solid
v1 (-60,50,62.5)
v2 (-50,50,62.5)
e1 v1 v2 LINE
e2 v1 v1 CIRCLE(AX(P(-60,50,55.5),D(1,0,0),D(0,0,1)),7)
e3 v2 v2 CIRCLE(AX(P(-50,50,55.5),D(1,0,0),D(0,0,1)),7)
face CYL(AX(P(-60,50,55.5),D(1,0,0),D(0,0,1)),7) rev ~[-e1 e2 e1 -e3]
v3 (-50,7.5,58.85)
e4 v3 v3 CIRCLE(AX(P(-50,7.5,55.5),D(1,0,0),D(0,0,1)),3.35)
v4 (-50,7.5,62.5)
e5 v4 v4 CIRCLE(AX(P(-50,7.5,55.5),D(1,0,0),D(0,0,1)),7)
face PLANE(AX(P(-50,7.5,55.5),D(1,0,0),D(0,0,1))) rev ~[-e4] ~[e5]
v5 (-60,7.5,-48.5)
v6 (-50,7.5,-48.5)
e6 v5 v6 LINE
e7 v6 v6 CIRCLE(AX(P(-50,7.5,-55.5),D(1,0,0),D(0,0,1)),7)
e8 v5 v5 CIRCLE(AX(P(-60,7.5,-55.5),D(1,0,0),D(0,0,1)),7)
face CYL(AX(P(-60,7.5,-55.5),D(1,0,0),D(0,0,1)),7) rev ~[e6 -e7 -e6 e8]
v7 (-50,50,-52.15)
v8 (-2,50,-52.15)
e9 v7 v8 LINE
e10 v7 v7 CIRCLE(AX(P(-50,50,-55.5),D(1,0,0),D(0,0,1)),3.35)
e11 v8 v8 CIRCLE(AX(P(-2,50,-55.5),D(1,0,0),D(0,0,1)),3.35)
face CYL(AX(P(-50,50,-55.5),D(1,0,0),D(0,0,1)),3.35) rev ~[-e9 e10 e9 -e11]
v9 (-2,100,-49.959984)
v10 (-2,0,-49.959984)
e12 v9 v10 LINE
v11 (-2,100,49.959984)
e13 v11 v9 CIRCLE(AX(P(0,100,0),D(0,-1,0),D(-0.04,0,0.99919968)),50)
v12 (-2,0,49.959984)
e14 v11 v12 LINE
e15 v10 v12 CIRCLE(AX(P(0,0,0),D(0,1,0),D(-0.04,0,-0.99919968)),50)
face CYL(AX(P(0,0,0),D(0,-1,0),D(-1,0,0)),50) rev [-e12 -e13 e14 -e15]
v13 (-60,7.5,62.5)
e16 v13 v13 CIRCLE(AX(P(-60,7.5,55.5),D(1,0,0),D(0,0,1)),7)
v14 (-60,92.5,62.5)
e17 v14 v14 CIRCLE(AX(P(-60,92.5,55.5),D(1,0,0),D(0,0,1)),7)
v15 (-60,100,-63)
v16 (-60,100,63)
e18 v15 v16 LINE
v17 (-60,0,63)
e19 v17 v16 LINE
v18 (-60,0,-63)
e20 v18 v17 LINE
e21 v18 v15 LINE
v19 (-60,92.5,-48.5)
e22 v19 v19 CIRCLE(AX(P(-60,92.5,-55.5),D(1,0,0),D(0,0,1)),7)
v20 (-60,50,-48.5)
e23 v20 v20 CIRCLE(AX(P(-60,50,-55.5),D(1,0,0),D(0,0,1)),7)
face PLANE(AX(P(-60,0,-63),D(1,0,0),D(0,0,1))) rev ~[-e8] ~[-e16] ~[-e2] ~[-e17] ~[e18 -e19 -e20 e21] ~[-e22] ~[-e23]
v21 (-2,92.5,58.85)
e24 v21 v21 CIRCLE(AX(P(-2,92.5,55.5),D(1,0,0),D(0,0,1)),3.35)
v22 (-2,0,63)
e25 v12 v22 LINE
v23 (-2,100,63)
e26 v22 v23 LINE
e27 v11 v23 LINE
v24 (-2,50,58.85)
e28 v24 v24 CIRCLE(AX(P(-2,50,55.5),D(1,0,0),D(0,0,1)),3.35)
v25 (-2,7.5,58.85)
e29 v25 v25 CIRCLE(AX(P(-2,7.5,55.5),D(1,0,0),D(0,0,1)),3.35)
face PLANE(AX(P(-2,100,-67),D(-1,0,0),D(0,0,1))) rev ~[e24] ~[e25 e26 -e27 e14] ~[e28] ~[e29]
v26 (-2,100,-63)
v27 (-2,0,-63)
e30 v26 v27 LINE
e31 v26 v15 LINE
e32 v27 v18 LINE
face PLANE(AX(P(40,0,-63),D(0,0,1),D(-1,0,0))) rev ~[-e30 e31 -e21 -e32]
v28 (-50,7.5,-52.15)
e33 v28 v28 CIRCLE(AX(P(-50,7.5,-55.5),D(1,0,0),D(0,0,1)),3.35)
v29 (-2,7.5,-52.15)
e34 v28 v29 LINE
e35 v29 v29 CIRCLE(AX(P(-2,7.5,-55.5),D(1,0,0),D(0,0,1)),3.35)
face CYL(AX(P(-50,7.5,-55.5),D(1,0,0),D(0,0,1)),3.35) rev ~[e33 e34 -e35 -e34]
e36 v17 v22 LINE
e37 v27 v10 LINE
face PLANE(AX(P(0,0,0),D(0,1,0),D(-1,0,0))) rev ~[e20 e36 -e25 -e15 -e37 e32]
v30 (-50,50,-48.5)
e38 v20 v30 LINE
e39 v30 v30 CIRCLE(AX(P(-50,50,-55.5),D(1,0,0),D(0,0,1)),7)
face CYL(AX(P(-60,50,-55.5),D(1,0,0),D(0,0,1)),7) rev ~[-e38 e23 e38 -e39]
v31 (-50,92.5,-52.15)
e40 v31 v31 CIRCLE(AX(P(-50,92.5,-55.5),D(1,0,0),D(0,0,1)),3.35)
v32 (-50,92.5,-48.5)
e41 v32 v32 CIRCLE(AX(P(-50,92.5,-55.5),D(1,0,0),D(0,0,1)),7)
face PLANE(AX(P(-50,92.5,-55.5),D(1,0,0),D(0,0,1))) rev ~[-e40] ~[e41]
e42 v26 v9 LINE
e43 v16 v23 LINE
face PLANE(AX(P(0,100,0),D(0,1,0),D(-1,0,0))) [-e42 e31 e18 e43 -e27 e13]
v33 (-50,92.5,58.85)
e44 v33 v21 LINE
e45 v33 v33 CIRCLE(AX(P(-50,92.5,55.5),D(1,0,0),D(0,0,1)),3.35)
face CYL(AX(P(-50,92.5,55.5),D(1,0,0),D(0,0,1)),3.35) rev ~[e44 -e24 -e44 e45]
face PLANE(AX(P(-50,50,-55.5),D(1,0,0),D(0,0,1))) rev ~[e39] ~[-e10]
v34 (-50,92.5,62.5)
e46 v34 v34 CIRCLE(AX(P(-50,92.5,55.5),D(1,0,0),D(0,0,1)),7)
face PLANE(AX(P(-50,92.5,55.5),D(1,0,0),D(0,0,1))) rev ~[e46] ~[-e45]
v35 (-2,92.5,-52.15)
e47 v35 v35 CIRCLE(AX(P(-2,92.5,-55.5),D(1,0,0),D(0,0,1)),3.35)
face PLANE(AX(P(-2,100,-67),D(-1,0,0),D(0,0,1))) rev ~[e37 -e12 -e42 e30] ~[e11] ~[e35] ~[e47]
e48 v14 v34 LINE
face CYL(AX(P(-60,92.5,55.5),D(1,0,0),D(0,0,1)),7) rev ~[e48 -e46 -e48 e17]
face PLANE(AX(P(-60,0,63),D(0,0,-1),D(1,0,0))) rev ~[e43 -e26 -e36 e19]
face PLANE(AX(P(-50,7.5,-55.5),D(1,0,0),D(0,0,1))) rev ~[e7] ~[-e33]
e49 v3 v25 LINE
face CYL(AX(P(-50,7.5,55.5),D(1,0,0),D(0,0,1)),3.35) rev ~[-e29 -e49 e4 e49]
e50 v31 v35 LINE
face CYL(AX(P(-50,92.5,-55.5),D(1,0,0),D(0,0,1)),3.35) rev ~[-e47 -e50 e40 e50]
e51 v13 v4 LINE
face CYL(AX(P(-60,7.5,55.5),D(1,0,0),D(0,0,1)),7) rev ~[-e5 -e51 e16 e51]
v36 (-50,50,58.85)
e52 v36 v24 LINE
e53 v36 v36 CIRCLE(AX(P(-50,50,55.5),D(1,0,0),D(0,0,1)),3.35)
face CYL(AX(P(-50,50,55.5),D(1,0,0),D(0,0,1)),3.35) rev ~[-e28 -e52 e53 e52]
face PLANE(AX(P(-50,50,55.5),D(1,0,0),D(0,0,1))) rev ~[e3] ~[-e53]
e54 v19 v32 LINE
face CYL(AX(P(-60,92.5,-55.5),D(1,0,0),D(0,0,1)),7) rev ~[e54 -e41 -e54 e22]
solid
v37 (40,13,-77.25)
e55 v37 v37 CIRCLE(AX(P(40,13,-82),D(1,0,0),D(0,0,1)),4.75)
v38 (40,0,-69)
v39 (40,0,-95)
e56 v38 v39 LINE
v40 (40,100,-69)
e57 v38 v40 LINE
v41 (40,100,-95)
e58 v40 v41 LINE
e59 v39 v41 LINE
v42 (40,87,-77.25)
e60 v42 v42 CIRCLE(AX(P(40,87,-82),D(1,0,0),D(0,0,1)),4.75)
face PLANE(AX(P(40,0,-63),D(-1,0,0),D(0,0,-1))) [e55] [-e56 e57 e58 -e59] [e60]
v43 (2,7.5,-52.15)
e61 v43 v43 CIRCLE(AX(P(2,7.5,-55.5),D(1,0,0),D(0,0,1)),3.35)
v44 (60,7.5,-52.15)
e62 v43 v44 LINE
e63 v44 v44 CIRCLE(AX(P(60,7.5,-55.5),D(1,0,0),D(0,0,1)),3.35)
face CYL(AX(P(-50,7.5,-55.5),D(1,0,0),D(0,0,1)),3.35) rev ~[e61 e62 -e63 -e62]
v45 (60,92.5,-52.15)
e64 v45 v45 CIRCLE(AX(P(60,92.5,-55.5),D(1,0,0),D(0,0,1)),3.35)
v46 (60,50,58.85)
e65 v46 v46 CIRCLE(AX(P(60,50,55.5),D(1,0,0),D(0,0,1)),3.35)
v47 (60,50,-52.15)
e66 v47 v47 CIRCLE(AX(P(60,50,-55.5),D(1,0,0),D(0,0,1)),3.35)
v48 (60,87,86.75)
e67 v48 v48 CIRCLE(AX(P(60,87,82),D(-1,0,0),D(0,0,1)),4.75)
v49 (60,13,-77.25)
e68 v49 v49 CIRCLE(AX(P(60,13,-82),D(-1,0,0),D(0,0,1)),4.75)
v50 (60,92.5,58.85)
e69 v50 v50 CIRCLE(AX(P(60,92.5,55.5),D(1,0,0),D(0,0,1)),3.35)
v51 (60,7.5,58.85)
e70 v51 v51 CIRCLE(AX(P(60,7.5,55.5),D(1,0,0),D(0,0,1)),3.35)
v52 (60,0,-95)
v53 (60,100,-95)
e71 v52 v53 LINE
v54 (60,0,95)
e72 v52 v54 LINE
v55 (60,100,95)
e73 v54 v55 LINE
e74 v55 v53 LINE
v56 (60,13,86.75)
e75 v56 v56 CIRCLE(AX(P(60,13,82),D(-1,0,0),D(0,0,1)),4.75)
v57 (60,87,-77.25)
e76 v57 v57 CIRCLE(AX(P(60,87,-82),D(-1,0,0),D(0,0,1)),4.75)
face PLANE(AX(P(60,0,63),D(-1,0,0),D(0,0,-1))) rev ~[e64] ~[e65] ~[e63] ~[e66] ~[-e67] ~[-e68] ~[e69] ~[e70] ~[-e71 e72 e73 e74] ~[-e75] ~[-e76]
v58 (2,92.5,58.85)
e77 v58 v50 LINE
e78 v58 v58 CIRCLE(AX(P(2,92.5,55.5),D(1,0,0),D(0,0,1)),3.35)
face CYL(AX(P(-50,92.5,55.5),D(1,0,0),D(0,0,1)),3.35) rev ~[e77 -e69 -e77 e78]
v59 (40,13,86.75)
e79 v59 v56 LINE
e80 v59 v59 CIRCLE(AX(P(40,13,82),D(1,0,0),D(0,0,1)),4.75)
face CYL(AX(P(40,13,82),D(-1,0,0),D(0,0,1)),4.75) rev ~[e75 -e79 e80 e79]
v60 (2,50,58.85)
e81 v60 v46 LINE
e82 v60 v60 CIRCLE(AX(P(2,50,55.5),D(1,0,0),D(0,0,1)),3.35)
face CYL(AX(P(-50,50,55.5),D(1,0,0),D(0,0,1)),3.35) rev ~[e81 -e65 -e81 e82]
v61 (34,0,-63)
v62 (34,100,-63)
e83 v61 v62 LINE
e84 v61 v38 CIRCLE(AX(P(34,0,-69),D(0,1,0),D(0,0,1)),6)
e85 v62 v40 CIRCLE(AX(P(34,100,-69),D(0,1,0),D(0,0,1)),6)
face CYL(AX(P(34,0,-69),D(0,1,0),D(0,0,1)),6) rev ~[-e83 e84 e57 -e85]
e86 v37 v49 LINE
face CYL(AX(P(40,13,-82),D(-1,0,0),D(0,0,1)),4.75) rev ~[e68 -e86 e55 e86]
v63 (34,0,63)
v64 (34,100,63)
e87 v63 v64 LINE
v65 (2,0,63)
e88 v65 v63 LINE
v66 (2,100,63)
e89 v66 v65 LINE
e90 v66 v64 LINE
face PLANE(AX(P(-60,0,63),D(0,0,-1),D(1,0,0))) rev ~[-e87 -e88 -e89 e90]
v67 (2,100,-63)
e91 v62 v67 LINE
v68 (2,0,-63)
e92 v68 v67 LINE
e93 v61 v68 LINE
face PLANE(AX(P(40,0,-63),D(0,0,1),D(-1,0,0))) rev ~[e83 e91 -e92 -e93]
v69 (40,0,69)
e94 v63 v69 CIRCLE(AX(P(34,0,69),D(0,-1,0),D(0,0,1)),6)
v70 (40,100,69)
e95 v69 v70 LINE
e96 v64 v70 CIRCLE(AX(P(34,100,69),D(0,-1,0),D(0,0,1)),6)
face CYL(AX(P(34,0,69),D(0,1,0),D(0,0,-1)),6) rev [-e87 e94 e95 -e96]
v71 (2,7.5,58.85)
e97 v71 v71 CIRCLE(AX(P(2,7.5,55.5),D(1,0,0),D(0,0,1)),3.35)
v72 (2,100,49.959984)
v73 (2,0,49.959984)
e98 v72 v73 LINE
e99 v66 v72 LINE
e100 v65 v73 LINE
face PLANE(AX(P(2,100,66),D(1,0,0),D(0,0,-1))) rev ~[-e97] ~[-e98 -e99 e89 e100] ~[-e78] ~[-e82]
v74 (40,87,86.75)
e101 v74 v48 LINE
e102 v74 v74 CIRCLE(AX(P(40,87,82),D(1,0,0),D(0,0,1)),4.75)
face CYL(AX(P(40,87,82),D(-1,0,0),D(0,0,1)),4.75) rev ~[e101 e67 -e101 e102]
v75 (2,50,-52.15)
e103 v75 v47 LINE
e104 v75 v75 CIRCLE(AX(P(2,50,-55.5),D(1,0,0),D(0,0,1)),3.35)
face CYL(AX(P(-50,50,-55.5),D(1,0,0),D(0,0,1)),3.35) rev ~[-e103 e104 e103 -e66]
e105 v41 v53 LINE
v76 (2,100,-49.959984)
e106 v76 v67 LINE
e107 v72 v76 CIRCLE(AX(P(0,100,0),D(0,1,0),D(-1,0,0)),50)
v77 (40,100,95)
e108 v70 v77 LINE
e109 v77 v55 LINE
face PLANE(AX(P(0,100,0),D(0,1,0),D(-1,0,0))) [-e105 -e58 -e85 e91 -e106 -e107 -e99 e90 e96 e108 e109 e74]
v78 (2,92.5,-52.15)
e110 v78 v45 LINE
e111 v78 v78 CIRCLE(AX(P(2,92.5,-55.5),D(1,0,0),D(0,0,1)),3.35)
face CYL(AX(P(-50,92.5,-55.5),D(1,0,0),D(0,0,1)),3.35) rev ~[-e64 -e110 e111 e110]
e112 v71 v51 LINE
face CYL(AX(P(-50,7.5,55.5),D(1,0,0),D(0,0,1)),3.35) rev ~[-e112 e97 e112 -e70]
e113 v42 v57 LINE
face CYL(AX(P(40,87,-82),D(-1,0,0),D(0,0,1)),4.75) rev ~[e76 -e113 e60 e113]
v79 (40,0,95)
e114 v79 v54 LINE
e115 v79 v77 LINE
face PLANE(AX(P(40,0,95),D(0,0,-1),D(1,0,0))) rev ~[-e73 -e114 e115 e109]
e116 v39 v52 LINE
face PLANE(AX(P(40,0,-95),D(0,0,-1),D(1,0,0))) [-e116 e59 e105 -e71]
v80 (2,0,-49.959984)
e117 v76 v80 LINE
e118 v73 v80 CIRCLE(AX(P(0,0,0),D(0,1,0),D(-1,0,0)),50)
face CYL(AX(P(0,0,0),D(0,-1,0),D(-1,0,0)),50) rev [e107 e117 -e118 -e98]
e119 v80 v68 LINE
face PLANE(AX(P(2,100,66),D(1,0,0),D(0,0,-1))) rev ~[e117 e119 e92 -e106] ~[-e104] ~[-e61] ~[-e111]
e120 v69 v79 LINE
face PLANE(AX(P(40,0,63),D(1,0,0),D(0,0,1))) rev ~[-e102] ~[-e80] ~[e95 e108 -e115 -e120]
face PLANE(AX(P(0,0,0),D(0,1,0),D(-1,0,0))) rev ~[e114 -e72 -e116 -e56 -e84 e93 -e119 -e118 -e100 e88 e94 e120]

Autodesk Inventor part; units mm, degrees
ref_plane "YZ Plane" through (0, 0, 0) normal (1, 0, 0) x (0, 1, 0)
ref_plane "XZ Plane" through (0, 0, 0) normal (0, 1, 0) x (-1, 0, 0)
ref_plane "XY Plane" through (0, 0, 0) normal (0, 0, 1) x (1, 0, 0)
sketch "Эскиз1" plane through (0, 0, 0) normal (0, 1, 0) x (-1, 0, 0)
  circle A0 centre (0, 0) radius 50
  line L0 (60, 63) -> (-60, 63)
  line L1 (-60, 63) -> (-60, -63)
  line L2 (-60, -63) -> (60, -63)
  line L3 (60, -63) -> (60, 63)
  line L4 (-60, -63) -> (-40, -63)
  line L5 (-40, -63) -> (-40, -95)
  line L6 (-40, -95) -> (-60, -95)
  line L7 (-60, -95) -> (-60, -63)
  line L8 (-60, 63) -> (-40, 63)
  line L9 (-40, 63) -> (-40, 95)
  line L10 (-40, 95) -> (-60, 95)
  line L11 (-60, 95) -> (-60, 63)
  point P0 (-40, 63)
  dimension "d0" = 100
  dimension "d1" = 32
  dimension "d2" = 32
  dimension "d3" = 20
  dimension "d4" = 20
  dimension "d5" = 120
  dimension "d6" = 126
  dimension "d7" = 63
  dimension "d8" = 63
extrude "Выдавливание1" add sketch "Эскиз1" along normal blind 100
sketch "Эскиз2" plane through (0, 100, 0) normal (0, 1, 0) x (1, 0, 0)
  point P0 (0, 0)
fillet "Сопряжение1" radius 6 2 edges at (40, 50, 63) (40, 50, -63)
sketch "Эскиз3" plane through (40, 0, 95) normal (-1, 0, 0) x (0, 0, 1)
  line L0 (-164, 100) -> (-164, 0) projected
  line L1 (-190, 100) -> (-164, 100) projected
  line L2 (-190, 0) -> (-190, 100) projected
  line L3 (-190, 0) -> (-164, 0) projected
  line L4 (-26, 0) -> (-26, 100) projected
  line L5 (-26, 0) -> (0, 0) projected
  line L6 (0, 0) -> (0, 100) projected
  line L7 (-26, 100) -> (0, 100) projected
  line L8 (-177, 87) -> (-177, 87)
  line L9 (-177, 87) -> (-177, 13)
  line L10 (-177, 13) -> (-177, 13)
  line L11 (-177, 13) -> (-177, 87)
  line L12 (-13, 87) -> (-13, 13)
  line L13 (-13, 13) -> (-13, 13)
  line L14 (-13, 13) -> (-13, 87)
  line L15 (-13, 87) -> (-13, 87)
  circle A0 centre (-13, 87) radius 4.75
  circle A1 centre (-13, 13) radius 4.75
  circle A2 centre (-177, 87) radius 4.75
  circle A3 centre (-177, 13) radius 4.75
  point P0 (-95, 0)
  dimension "d12" = 13
  dimension "d13" = 13
extrude "Выдавливание2" cut sketch "Эскиз3" against normal blind 25 contours A3 | A2 | A1 | A0
sketch "Эскиз4" plane through (-60, 0, -63) normal (-1, 0, 0) x (0, 0, 1)
  line L0 (0, 0) -> (126, 0) projected
  line L1 (126, 0) -> (126, 100) projected
  line L2 (0, 100) -> (126, 100) projected
  line L3 (0, 0) -> (0, 100) projected
  line L4 (7.5, 92.5) -> (118.5, 92.5)
  line L5 (118.5, 92.5) -> (118.5, 7.5)
  line L6 (118.5, 7.5) -> (7.5, 7.5)
  line L7 (7.5, 7.5) -> (7.5, 92.5)
  circle A0 centre (7.5, 7.5) radius 3.5
  circle A1 centre (7.5, 92.5) radius 3.5
  circle A2 centre (118.5, 92.5) radius 3.5
  circle A3 centre (118.5, 7.5) radius 3.5
  circle A4 centre (118.5, 50) radius 3.5
  circle A5 centre (7.5, 50) radius 3.5
  point P0 (63, 0)
  dimension "d16" = 7.5
hole "Отверстие1" at (-60, 7.5, -55.5) at (-60, 50, -55.5) at (-60, 92.5, -55.5) at (-60, 92.5, 55.5) at (-60, 50, 55.5) at (-60, 7.5, 55.5) direction (1, 0, 0) diameter 6.7 end through all counterbore diameter 14 counterbore depth 10
sketch "Эскиз5" plane through (0, 100, 0) normal (0, 1, 0) x (1, 0, 0)
  line L0 (-2, -66) -> (2, -66)
  line L1 (2, -66) -> (2, 67)
  line L2 (2, 67) -> (-2, 67)
  line L3 (-2, 67) -> (-2, -66)
  point P0 (0, 0)
extrude "Выдавливание3" cut sketch "Эскиз5" against normal blind 200
properties part number "Spindel100mm" material "Алюминий 6061"
